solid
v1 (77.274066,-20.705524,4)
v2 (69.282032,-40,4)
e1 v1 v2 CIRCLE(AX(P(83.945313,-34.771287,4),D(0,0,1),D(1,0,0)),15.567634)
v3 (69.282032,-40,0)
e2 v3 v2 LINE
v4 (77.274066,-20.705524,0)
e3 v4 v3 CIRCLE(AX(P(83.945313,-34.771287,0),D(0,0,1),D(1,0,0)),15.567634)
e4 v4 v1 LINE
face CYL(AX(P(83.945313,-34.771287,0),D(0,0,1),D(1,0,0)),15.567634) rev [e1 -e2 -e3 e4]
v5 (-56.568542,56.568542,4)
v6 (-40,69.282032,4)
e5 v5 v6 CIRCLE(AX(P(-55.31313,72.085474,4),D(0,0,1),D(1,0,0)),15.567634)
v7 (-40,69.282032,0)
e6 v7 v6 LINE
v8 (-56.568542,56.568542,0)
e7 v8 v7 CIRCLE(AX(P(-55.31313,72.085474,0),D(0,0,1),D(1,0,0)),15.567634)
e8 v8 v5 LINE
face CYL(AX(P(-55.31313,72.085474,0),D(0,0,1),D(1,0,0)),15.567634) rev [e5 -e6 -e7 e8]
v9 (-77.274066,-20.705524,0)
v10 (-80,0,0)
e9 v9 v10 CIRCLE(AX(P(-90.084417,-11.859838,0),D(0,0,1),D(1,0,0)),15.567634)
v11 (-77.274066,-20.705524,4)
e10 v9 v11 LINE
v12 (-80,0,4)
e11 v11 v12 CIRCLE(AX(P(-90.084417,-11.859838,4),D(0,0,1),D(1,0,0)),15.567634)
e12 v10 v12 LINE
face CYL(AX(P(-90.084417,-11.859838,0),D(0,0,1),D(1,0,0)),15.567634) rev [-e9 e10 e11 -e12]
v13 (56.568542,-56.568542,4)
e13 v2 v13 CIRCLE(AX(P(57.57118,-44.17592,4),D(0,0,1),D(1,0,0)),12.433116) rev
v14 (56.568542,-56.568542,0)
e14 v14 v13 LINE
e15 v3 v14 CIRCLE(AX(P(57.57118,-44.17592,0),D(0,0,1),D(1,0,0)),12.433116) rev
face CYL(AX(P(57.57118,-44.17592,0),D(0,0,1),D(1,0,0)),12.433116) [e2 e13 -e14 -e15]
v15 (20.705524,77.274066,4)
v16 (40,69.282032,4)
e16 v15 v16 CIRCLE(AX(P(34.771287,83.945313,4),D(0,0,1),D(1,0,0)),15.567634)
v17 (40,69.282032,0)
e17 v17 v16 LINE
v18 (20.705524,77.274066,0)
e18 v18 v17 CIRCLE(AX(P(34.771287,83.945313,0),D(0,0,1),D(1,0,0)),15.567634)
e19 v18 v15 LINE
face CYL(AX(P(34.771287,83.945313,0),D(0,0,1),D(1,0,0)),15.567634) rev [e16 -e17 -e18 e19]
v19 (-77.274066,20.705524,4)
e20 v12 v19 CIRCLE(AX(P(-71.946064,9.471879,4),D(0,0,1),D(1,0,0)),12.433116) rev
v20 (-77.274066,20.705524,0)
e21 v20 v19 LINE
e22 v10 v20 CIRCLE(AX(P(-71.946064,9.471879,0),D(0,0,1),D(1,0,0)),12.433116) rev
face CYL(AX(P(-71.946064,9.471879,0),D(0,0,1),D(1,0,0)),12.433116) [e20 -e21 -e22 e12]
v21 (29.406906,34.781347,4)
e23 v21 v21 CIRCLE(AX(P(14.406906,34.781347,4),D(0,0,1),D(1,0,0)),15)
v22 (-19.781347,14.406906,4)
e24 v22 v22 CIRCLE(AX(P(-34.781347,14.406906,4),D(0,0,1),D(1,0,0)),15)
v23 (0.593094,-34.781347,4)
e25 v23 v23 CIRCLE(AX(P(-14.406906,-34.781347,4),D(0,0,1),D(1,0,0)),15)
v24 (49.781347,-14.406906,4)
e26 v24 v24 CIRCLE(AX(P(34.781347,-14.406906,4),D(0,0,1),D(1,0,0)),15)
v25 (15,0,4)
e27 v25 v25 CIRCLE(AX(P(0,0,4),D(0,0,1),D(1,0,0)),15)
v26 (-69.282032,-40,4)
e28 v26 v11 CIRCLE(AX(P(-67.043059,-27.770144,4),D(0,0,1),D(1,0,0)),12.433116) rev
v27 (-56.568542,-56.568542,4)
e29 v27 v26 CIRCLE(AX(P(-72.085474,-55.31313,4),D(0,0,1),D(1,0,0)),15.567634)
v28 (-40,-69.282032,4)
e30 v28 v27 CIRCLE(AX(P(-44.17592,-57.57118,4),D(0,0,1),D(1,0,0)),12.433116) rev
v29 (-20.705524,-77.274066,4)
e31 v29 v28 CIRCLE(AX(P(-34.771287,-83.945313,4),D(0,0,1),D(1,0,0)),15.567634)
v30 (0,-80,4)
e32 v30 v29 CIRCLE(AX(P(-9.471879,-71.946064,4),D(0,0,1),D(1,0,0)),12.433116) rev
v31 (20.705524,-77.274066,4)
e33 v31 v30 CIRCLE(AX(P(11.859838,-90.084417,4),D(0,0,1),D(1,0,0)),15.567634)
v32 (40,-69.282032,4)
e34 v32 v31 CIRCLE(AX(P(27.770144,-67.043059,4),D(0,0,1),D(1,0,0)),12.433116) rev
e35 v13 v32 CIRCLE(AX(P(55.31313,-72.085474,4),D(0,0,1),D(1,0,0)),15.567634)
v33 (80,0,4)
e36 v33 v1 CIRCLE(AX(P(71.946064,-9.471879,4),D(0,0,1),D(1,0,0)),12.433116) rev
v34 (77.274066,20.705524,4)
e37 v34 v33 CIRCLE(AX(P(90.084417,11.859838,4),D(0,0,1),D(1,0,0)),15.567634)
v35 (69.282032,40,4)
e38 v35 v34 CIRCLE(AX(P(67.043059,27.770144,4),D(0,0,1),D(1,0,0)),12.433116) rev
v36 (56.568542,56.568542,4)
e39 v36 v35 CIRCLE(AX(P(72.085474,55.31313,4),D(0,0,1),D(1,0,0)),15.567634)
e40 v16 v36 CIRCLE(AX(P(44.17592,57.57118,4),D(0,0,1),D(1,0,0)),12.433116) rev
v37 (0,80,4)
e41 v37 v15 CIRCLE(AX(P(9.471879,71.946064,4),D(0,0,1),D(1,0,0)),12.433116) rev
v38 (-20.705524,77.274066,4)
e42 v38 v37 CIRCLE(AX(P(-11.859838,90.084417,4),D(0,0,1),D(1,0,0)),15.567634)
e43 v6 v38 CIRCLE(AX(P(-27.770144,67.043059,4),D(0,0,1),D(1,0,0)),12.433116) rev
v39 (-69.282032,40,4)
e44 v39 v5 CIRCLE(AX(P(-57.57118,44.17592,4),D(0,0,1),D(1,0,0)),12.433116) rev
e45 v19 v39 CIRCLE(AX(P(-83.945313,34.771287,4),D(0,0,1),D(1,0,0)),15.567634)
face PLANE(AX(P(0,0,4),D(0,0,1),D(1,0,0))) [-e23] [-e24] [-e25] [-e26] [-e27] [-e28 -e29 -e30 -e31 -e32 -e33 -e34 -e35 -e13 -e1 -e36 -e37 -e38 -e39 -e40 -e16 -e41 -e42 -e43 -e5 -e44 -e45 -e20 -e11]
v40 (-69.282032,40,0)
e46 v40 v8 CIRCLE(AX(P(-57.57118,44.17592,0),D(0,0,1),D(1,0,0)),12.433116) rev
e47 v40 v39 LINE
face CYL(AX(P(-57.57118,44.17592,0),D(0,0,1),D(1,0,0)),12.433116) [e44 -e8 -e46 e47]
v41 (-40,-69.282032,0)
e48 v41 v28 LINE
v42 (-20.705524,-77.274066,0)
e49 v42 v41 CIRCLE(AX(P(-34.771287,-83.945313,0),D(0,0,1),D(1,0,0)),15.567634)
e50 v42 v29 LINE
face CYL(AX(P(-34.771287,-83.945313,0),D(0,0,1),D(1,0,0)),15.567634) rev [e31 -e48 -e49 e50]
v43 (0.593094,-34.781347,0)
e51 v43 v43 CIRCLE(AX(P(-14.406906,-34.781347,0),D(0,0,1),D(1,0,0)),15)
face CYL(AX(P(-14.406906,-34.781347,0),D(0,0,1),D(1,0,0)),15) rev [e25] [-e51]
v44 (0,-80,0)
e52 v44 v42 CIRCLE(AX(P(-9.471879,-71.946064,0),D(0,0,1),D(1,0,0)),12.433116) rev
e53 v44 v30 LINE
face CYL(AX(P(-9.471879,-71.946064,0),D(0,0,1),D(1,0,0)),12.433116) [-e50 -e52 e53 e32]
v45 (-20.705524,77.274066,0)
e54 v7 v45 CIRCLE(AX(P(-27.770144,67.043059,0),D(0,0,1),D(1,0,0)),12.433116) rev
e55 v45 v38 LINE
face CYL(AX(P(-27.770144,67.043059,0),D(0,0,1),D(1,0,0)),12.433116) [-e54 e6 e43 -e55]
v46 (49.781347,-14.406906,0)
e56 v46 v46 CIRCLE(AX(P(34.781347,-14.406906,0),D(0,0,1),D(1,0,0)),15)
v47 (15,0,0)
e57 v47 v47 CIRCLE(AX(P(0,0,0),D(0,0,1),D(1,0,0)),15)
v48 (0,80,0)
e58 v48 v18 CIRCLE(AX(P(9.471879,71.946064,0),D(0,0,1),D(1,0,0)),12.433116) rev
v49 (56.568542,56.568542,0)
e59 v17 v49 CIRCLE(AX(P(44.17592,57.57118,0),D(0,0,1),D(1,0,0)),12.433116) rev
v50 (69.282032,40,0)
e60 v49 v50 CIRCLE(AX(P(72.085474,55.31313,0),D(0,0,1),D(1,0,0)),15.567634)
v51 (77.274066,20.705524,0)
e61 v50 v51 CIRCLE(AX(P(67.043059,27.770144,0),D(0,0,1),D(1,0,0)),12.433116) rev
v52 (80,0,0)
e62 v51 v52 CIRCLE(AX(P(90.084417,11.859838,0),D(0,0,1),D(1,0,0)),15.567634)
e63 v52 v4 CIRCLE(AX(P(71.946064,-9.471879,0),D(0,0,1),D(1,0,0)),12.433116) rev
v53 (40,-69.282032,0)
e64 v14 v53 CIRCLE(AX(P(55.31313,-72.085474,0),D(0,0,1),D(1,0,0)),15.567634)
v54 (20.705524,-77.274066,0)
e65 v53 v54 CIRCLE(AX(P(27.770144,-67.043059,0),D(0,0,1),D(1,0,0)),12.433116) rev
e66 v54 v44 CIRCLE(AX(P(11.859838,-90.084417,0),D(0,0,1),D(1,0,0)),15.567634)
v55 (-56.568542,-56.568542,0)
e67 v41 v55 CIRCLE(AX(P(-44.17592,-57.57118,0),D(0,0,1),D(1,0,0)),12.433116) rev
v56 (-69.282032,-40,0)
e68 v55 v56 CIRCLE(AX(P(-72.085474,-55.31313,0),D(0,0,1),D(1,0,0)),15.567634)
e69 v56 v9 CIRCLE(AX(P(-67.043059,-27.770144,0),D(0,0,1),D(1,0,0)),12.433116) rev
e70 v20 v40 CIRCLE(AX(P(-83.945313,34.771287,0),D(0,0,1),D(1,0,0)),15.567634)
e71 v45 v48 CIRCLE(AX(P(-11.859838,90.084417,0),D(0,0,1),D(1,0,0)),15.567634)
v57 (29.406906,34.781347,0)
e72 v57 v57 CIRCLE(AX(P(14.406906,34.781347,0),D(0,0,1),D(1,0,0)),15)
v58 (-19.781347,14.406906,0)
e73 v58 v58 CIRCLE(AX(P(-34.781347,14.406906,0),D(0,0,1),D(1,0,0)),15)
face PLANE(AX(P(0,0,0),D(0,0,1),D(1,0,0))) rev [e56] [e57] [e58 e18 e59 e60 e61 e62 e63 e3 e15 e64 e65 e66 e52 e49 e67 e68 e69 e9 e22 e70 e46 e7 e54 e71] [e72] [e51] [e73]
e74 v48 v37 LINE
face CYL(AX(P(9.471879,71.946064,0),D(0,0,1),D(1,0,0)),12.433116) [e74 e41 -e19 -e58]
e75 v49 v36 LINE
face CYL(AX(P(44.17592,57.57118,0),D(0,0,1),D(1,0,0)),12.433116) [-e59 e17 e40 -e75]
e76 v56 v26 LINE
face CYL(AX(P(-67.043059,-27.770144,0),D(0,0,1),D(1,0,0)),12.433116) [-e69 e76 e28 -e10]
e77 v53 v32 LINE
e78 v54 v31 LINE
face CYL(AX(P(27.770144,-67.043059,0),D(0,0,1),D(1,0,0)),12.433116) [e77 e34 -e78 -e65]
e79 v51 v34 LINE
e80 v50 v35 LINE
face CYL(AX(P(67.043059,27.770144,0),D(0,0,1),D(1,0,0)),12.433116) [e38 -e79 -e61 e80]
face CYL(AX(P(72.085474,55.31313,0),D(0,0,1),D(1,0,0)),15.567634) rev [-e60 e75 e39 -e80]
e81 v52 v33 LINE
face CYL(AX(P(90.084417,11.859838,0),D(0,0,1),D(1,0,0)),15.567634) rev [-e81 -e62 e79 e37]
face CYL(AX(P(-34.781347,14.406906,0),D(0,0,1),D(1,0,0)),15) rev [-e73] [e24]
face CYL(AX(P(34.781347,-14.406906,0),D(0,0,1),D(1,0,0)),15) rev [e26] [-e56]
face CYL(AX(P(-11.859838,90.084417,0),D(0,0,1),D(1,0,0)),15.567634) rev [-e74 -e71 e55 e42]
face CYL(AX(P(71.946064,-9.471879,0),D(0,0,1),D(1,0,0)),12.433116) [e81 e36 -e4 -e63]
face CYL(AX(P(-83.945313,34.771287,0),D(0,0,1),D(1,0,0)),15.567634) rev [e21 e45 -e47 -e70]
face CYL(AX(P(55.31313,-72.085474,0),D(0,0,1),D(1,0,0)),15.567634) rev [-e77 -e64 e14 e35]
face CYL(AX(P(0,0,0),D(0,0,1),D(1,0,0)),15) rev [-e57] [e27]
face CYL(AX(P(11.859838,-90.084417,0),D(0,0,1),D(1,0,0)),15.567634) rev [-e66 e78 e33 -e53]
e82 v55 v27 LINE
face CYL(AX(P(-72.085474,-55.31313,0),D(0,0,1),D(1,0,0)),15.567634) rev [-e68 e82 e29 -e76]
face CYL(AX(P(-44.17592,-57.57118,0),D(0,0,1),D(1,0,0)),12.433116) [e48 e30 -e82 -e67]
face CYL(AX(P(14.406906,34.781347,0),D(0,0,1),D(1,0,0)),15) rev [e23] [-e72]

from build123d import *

# Parameters (mm, degrees)
CROQUIS3_R              = 85
SALIENTE_EXTRUIR1_DEPTH = 4
CORTAR_EXTRUIR1_START   = -4
CORTAR_EXTRUIR1_DEPTH   = 4
CROQUIS5_R              = 15
CORTAR_EXTRUIR2_DEPTH   = 4
CROQUIS6_R              = 15
CORTAR_EXTRUIR3_DEPTH   = 4


with BuildPart() as part:
    # Croquis3 → Saliente-Extruir1 (new body)
    with BuildSketch(Plane.XY):
        Circle(CROQUIS3_R)
    extrude(amount=SALIENTE_EXTRUIR1_DEPTH)

    # Croquis4 → Cortar-Extruir1 (cut)
    with BuildSketch(Plane.XY.offset(4).offset(CORTAR_EXTRUIR1_START)):
        with BuildLine():
            ThreePointArc((51.744720944, 67.435034325), (32.528091082, 78.52976054), (11.094725556, 84.27281332))
            ThreePointArc((11.094725556, 84.27281332), (16.790892389, 81.996657131), (20.705523608, 77.274066103))
            ThreePointArc((20.705523608, 77.274066103), (28.813811378, 69.562694213), (40, 69.282032303))
            ThreePointArc((40, 69.282032303), (46.107437706, 69.853346275), (51.744720944, 67.435034325))
        make_face()
        with BuildLine():
            ThreePointArc((-20.705523608, 77.274066103), (-10.442095378, 79.31558891), (0, 80))
            ThreePointArc((0, 80), (5.003539158, 83.548491243), (11.094725556, 84.27281332))
            ThreePointArc((11.094725556, 84.27281332), (-11.094726837, 84.272813151), (-32.52809195, 78.529760181))
            ThreePointArc((-32.52809195, 78.529760181), (-26.456988918, 79.406634265), (-20.705523608, 77.274066103))
        make_face()
        with BuildLine():
            ThreePointArc((-20.705523608, 77.274066103), (-9.827854473, 74.649966033), (0, 80))
            ThreePointArc((0, 80), (-10.442095378, 79.31558891), (-20.705523608, 77.274066103))
        make_face()
        with BuildLine():
            ThreePointArc((-40, 69.282032303), (-37.441053421, 74.856885666), (-32.52809195, 78.529760181))
            ThreePointArc((-32.52809195, 78.529760181), (-51.744721795, 67.435033672), (-67.435034299, 51.744720978))
            ThreePointArc((-67.435034299, 51.744720978), (-62.615741826, 55.539667962), (-56.568542495, 56.568542495))
            ThreePointArc((-56.568542495, 56.568542495), (-48.700914321, 63.468267223), (-40, 69.282032303))
        make_face()
        with BuildLine():
            ThreePointArc((-56.568542495, 56.568542495), (-45.836154655, 59.73483974), (-40, 69.282032303))
            ThreePointArc((-40, 69.282032303), (-48.700914321, 63.468267223), (-56.568542495, 56.568542495))
        make_face()
        with BuildLine():
            ThreePointArc((-69.282032303, 40), (-69.853346272, 46.107437728), (-67.435034299, 51.744720978))
            ThreePointArc((-67.435034299, 51.744720978), (-78.529760525, 32.528091121), (-84.272813315, 11.094725594))
            ThreePointArc((-84.272813315, 11.094725594), (-81.996657119, 16.790892405), (-77.274066103, 20.705523608))
            ThreePointArc((-77.274066103, 20.705523608), (-73.910362601, 30.614674589), (-69.282032303, 40))
        make_face()
        with BuildLine():
            ThreePointArc((-77.274066103, 20.705523608), (-69.562694213, 28.813811378), (-69.282032303, 40))
            ThreePointArc((-69.282032303, 40), (-73.910362601, 30.614674589), (-77.274066103, 20.705523608))
        make_face()
        with BuildLine():
            ThreePointArc((-80, 0), (-83.54849125, 5.003539176), (-84.272813315, 11.094725594))
            ThreePointArc((-84.272813315, 11.094725594), (-84.272813233, -11.094726218), (-78.529760644, -32.528090833))
            ThreePointArc((-78.529760644, -32.528090833), (-79.406634201, -26.456988317), (-77.274066103, -20.705523608))
            ThreePointArc((-77.274066103, -20.705523608), (-79.31558891, -10.442095378), (-80, 0))
        make_face()
        with BuildLine():
            ThreePointArc((-77.274066103, -20.705523608), (-74.649966033, -9.827854473), (-80, 0))
            ThreePointArc((-80, 0), (-79.31558891, -10.442095378), (-77.274066103, -20.705523608))
        make_face()
        with BuildLine():
            ThreePointArc((-69.282032303, -40), (-74.856886137, -37.441053042), (-78.529760644, -32.528090833))
            ThreePointArc((-78.529760644, -32.528090833), (-67.435033831, -51.744721588), (-51.744720432, -67.435034718))
            ThreePointArc((-51.744720432, -67.435034718), (-55.539667823, -62.61574214), (-56.568542495, -56.568542495))
            ThreePointArc((-56.568542495, -56.568542495), (-63.468267223, -48.700914321), (-69.282032303, -40))
        make_face()
        with BuildLine():
            ThreePointArc((-56.568542495, -56.568542495), (-59.73483974, -45.836154655), (-69.282032303, -40))
            ThreePointArc((-69.282032303, -40), (-63.468267223, -48.700914321), (-56.568542495, -56.568542495))
        make_face()
        with BuildLine():
            ThreePointArc((-40, -69.282032303), (-46.107437388, -69.853346325), (-51.744720432, -67.435034718))
            ThreePointArc((-51.744720432, -67.435034718), (-32.528090639, -78.529760724), (-11.094725244, -84.272813361))
            ThreePointArc((-11.094725244, -84.272813361), (-16.790892262, -81.996657223), (-20.705523608, -77.274066103))
            ThreePointArc((-20.705523608, -77.274066103), (-30.614674589, -73.910362601), (-40, -69.282032303))
        make_face()
        with BuildLine():
            ThreePointArc((-20.705523608, -77.274066103), (-28.813811378, -69.562694213), (-40, -69.282032303))
            ThreePointArc((-40, -69.282032303), (-30.614674589, -73.910362601), (-20.705523608, -77.274066103))
        make_face()
        with BuildLine():
            ThreePointArc((-11.094725244, -84.272813361), (11.09472631, -84.272813221), (32.528090677, -78.529760708))
            ThreePointArc((32.528090677, -78.529760708), (26.456988234, -79.406634192), (20.705523608, -77.274066103))
            ThreePointArc((20.705523608, -77.274066103), (10.442095378, -79.31558891), (0, -80))
            ThreePointArc((0, -80), (-5.003539011, -83.548491186), (-11.094725244, -84.272813361))
        make_face()
        with BuildLine():
            ThreePointArc((0, -80), (10.442095378, -79.31558891), (20.705523608, -77.274066103))
            ThreePointArc((20.705523608, -77.274066103), (9.827854473, -74.649966033), (0, -80))
        make_face()
        with BuildLine():
            ThreePointArc((40, -69.282032303), (48.700914321, -63.468267223), (56.568542495, -56.568542495))
            ThreePointArc((56.568542495, -56.568542495), (45.836154655, -59.73483974), (40, -69.282032303))
        make_face()
        with BuildLine():
            ThreePointArc((32.528090677, -78.529760708), (51.74472148, -67.435033914), (67.435034654, -51.744720516))
            ThreePointArc((67.435034654, -51.744720516), (62.615742092, -55.539667844), (56.568542495, -56.568542495))
            ThreePointArc((56.568542495, -56.568542495), (48.700914321, -63.468267223), (40, -69.282032303))
            ThreePointArc((40, -69.282032303), (37.441052989, -74.856886202), (32.528090677, -78.529760708))
        make_face()
        with BuildLine():
            ThreePointArc((67.435034654, -51.744720516), (78.529760638, -32.528090847), (84.272813316, -11.094725585))
            ThreePointArc((84.272813316, -11.094725585), (81.996657122, -16.790892401), (77.274066103, -20.705523608))
            ThreePointArc((77.274066103, -20.705523608), (73.910362601, -30.614674589), (69.282032303, -40))
            ThreePointArc((69.282032303, -40), (69.853346317, -46.10743744), (67.435034654, -51.744720516))
        make_face()
        with BuildLine():
            ThreePointArc((69.282032303, -40), (73.910362601, -30.614674589), (77.274066103, -20.705523608))
            ThreePointArc((77.274066103, -20.705523608), (69.562694213, -28.813811378), (69.282032303, -40))
        make_face()
        with BuildLine():
            ThreePointArc((85, 0), (83.36674891, 16.582676993), (78.529760559, 32.528091037))
            ThreePointArc((78.529760559, 32.528091037), (79.406634213, 26.456988427), (77.274066103, 20.705523608))
            ThreePointArc((77.274066103, 20.705523608), (79.31558891, 10.442095378), (80, 0))
            ThreePointArc((80, 0), (83.548491248, -5.003539172), (84.272813316, -11.094725585))
            ThreePointArc((84.272813316, -11.094725585), (84.8180085, -5.559265605), (85, 0))
        make_face()
        with BuildLine():
            ThreePointArc((80, 0), (79.31558891, 10.442095378), (77.274066103, 20.705523608))
            ThreePointArc((77.274066103, 20.705523608), (74.649966033, 9.827854473), (80, 0))
        make_face()
        with BuildLine():
            ThreePointArc((78.529760559, 32.528091037), (67.43503396, 51.74472142), (51.744720944, 67.435034325))
            ThreePointArc((51.744720944, 67.435034325), (55.539667954, 62.615741846), (56.568542495, 56.568542495))
            ThreePointArc((56.568542495, 56.568542495), (63.468267223, 48.700914321), (69.282032303, 40))
            ThreePointArc((69.282032303, 40), (74.856886051, 37.441053111), (78.529760559, 32.528091037))
        make_face()
        with BuildLine():
            ThreePointArc((69.282032303, 40), (63.468267223, 48.700914321), (56.568542495, 56.568542495))
            ThreePointArc((56.568542495, 56.568542495), (59.73483974, 45.836154655), (69.282032303, 40))
        make_face()
    extrude(amount=CORTAR_EXTRUIR1_DEPTH, mode=Mode.SUBTRACT)

    # Croquis5 → Cortar-Extruir2 (cut)
    with BuildSketch(Plane.XY.offset(4)):
        Circle(CROQUIS5_R)
    extrude(amount=-CORTAR_EXTRUIR2_DEPTH, mode=Mode.SUBTRACT)

    # Croquis6 → Cortar-Extruir3 (cut)
    with BuildSketch(Plane.XY.offset(4)):
        with Locations((14.406905689, 34.781347106)):
            Circle(CROQUIS6_R)
        with Locations((34.781347106, -14.406905689)):
            Circle(CROQUIS6_R)
        with Locations((-14.406905689, -34.781347106)):
            Circle(CROQUIS6_R)
        with Locations((-34.781347106, 14.406905689)):
            Circle(CROQUIS6_R)
    extrude(amount=-CORTAR_EXTRUIR3_DEPTH, mode=Mode.SUBTRACT)


solid = part.part
